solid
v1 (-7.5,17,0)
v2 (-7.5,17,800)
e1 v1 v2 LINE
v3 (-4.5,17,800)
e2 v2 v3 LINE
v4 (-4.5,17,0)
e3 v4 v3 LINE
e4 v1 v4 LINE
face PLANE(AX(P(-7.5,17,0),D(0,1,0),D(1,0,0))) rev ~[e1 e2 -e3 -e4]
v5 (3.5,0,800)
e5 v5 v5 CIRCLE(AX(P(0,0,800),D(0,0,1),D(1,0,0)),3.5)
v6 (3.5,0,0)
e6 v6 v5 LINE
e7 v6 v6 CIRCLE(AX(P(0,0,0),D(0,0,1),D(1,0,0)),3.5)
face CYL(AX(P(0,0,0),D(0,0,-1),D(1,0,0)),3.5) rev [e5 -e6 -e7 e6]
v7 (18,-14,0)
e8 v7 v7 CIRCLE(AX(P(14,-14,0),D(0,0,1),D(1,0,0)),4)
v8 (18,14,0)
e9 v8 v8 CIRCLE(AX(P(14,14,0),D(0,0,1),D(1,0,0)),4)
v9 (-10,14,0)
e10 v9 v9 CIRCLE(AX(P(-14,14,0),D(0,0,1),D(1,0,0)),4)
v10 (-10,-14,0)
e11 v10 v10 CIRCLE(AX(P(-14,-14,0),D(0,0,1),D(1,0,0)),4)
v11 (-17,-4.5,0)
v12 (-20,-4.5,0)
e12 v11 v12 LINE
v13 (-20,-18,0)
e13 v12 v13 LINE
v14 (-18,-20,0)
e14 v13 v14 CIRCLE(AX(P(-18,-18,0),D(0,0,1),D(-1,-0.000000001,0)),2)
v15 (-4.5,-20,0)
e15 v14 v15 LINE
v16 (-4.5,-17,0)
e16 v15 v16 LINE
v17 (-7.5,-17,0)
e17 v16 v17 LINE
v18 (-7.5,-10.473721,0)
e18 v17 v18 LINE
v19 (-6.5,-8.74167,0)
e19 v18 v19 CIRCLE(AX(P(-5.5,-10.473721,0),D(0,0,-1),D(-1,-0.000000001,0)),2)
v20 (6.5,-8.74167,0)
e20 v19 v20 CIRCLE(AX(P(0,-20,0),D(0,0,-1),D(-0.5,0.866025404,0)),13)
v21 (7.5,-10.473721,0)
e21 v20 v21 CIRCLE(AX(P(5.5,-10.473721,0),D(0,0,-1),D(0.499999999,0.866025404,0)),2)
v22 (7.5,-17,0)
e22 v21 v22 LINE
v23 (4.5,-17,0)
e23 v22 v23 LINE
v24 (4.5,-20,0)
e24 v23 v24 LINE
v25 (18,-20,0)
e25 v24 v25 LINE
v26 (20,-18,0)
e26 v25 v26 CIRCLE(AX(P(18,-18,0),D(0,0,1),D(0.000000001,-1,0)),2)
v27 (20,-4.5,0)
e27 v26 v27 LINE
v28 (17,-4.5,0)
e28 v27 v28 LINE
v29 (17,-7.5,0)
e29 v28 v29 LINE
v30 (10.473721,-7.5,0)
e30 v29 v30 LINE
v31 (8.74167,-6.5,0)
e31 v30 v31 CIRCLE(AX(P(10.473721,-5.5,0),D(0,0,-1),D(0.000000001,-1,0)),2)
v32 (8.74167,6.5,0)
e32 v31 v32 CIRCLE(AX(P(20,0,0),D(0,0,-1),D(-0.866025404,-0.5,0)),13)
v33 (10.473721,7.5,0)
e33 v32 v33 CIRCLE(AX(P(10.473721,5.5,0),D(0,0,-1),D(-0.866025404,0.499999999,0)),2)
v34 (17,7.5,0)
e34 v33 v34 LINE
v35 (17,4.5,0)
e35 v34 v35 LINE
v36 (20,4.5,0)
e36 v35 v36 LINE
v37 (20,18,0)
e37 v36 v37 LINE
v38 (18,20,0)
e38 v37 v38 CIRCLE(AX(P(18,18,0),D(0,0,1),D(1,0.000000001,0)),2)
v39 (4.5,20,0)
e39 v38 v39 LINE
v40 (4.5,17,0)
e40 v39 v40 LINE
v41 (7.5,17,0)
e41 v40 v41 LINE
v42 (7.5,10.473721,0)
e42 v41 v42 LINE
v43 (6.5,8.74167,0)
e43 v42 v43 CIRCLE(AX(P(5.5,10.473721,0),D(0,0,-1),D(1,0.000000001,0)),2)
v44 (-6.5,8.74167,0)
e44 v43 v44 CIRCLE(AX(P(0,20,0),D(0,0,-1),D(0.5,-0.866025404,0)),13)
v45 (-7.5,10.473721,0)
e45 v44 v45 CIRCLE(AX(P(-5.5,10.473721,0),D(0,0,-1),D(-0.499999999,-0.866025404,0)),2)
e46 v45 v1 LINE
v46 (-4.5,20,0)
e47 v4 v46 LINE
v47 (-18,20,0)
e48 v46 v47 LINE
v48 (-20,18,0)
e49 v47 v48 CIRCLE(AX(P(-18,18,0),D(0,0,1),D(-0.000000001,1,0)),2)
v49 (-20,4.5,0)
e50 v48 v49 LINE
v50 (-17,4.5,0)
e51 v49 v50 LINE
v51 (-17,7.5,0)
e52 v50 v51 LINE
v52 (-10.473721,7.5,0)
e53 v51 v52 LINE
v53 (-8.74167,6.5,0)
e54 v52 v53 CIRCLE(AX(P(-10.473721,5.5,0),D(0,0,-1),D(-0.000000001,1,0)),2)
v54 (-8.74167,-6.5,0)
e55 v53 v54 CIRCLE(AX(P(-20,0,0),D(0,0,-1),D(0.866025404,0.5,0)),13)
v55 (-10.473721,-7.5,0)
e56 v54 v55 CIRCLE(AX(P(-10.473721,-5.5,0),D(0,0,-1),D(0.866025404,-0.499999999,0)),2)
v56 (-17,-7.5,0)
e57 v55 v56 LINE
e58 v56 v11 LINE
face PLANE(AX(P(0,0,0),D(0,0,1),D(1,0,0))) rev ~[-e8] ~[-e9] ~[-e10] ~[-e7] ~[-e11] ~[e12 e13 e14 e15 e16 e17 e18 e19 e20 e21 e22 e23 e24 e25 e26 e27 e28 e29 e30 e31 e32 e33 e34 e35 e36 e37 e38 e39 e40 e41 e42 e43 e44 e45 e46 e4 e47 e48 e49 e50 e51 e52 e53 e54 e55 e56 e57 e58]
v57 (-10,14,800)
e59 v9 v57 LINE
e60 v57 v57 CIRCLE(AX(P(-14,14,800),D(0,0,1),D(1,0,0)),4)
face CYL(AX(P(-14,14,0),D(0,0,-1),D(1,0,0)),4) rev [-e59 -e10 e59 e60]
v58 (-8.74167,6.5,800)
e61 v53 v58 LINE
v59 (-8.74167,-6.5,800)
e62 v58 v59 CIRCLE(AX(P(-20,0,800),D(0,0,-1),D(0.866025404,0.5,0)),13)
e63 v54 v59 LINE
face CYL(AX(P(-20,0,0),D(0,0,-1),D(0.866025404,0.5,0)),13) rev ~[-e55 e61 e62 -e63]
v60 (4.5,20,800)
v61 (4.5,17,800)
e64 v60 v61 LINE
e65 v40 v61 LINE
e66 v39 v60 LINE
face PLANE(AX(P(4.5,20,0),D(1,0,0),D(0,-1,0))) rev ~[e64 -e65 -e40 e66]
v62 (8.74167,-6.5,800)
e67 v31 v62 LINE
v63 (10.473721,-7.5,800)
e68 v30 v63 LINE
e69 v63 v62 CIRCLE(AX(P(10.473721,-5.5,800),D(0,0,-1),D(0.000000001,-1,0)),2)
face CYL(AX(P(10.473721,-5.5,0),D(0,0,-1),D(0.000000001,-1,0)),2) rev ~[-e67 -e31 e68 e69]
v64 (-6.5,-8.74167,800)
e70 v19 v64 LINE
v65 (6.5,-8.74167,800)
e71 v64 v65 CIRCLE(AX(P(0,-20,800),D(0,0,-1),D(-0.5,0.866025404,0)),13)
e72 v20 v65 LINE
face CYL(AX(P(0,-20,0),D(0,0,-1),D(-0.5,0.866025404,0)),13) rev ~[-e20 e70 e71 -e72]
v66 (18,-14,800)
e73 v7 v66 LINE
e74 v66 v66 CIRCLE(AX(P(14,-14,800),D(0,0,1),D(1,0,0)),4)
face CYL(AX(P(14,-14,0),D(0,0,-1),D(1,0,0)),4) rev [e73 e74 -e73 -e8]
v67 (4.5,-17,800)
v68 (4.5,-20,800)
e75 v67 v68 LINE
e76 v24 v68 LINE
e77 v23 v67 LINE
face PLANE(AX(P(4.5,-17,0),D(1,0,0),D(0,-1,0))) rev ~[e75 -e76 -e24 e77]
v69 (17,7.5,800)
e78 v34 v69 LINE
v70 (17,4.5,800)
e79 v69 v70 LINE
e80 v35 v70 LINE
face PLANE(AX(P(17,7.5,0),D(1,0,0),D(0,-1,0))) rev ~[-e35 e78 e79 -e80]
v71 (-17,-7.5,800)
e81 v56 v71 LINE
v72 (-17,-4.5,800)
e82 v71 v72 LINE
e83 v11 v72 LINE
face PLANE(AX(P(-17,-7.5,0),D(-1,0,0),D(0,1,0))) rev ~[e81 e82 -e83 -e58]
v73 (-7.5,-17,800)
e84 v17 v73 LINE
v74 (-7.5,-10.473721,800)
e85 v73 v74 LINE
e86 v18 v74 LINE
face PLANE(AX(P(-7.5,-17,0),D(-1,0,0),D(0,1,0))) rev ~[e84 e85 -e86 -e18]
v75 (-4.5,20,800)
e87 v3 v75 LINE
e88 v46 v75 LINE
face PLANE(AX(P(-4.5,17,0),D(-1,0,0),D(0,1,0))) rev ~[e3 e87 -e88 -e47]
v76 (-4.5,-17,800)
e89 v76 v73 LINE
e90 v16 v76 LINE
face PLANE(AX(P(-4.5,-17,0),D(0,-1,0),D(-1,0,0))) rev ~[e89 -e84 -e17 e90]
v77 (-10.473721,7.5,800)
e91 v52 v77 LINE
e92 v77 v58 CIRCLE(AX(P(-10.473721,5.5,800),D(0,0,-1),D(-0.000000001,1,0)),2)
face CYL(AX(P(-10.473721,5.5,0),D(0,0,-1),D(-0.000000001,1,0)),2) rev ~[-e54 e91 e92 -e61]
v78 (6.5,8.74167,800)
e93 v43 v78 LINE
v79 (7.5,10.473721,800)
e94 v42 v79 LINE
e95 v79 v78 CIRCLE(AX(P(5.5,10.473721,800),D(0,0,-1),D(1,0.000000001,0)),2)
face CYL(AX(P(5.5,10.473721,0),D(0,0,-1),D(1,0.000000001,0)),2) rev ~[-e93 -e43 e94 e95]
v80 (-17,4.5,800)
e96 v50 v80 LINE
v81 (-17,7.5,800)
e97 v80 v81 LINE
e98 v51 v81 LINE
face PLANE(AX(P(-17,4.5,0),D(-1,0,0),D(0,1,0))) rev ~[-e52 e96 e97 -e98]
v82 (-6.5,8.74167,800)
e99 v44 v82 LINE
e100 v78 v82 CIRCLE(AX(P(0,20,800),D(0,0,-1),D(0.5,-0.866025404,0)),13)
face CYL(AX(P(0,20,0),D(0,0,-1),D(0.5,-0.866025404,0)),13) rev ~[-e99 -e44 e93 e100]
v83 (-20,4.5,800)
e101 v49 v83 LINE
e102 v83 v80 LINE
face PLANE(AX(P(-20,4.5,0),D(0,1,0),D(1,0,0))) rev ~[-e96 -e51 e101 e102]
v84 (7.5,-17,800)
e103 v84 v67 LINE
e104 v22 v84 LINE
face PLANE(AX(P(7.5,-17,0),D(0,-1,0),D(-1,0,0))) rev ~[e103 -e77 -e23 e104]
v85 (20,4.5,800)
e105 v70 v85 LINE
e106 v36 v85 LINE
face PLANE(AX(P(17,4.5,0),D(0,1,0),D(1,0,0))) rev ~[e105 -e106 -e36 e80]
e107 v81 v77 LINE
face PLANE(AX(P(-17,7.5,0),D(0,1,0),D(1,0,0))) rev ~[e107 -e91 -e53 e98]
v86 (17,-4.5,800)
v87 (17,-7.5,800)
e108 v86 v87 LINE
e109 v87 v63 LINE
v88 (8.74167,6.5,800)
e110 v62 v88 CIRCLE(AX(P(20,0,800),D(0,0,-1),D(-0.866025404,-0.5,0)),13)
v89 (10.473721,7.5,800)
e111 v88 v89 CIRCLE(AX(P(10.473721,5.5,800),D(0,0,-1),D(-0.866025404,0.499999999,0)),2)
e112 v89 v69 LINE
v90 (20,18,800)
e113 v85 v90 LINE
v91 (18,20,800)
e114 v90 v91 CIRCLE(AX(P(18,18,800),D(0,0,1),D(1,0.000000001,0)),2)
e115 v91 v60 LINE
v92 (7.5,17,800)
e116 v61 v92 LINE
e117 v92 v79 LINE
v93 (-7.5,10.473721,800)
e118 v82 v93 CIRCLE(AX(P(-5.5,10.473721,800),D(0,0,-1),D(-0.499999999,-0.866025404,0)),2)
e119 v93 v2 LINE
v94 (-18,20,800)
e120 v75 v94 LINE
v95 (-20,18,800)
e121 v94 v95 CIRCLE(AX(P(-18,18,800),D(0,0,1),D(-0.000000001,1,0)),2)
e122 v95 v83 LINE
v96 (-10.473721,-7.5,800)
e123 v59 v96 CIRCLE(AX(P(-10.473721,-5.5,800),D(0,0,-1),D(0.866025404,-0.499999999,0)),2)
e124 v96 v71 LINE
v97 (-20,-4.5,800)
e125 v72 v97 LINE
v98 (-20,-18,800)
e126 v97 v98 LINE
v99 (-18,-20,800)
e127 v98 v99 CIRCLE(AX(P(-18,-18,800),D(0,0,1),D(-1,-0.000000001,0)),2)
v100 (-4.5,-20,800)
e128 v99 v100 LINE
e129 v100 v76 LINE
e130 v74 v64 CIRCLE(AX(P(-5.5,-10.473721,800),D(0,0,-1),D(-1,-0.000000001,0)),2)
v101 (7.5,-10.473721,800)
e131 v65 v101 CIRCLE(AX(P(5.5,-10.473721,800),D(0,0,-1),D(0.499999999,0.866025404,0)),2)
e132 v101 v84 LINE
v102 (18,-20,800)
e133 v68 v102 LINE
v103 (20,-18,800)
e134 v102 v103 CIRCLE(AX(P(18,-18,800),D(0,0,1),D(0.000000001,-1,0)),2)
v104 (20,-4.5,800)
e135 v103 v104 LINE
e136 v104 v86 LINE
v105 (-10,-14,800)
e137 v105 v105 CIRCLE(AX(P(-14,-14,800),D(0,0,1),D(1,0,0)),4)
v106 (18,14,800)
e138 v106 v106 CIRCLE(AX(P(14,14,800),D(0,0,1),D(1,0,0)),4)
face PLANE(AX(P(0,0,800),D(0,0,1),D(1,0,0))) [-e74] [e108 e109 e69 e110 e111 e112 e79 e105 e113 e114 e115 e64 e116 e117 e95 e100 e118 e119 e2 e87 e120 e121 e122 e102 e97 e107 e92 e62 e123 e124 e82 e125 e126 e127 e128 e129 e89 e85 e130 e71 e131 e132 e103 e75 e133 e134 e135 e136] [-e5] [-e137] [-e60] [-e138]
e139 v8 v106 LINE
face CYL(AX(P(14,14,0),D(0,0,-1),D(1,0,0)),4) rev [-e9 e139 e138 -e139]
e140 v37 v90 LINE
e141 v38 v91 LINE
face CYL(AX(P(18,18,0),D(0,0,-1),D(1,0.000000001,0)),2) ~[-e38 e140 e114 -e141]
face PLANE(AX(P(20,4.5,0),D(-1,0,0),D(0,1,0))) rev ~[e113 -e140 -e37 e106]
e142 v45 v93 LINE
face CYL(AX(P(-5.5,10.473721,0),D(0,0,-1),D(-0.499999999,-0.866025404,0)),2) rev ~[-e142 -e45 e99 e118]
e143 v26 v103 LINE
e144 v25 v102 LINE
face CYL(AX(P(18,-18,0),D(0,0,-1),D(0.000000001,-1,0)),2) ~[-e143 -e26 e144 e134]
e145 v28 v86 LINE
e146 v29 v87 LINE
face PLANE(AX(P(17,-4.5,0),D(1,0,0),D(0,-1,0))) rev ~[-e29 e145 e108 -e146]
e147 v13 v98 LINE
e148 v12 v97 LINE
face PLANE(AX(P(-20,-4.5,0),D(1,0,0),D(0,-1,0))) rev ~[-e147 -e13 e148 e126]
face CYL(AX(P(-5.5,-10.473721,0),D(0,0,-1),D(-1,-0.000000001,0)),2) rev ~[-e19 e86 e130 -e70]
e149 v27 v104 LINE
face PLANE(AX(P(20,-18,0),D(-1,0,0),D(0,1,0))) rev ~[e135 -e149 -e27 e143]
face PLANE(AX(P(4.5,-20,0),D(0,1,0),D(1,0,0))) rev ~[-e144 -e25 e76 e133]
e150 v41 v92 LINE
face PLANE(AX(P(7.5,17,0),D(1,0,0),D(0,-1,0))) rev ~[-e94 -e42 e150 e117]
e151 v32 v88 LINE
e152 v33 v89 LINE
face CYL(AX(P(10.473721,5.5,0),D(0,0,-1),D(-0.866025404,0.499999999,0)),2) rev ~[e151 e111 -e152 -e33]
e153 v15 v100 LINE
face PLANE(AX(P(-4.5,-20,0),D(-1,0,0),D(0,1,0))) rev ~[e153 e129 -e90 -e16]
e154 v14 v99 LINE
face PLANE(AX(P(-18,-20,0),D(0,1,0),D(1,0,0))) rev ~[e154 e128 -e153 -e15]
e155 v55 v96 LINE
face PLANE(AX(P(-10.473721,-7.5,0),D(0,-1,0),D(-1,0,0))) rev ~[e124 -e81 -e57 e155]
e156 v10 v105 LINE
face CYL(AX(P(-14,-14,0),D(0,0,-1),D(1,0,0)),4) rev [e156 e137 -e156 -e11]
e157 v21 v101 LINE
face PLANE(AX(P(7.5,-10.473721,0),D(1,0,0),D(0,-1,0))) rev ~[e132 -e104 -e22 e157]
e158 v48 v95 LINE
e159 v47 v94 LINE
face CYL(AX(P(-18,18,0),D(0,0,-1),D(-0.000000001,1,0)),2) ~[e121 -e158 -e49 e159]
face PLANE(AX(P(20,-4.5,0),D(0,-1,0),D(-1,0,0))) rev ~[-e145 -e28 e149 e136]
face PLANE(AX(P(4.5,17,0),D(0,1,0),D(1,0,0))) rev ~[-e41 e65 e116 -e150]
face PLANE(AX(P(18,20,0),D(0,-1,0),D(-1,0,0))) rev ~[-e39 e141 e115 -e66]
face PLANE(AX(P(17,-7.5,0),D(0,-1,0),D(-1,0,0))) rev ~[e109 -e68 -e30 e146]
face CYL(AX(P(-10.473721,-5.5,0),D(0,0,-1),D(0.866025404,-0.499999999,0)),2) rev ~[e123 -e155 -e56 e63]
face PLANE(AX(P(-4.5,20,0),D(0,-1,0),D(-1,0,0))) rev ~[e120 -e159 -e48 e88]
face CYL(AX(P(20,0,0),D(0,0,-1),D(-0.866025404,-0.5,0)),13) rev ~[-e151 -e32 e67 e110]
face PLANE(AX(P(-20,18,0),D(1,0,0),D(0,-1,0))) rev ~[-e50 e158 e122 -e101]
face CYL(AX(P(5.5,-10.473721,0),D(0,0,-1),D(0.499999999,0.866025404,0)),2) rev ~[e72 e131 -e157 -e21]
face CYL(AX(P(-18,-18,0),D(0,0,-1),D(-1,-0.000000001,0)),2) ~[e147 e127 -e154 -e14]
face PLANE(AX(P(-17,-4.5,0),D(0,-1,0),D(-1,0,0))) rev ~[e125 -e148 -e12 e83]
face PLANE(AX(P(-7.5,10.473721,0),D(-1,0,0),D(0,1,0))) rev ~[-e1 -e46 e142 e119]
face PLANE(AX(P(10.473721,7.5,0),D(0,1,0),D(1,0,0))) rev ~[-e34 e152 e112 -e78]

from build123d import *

# Parameters (mm, degrees)
SKETCH1_R           = 4
SKETCH1_R_2         = 3.5
BOSS_EXTRUDE1_DEPTH = 800


with BuildPart() as part:
    # Sketch1 → Boss-Extrude1 (new body)
    with BuildSketch(Plane.XY):
        with BuildLine():
            Line((-20, 18), (-20, 4.5))
            Line((-20, 4.5), (-17, 4.5))
            Line((-17, 4.5), (-17, 7.5))
            Line((-17, 7.5), (-10.473720558, 7.5))
            ThreePointArc((-10.473720558, 7.5), (-9.473720558, 7.232050808), (-8.741669751, 6.5))
            ThreePointArc((-8.741669751, 6.5), (-7, 0), (-8.741669751, -6.5))
            ThreePointArc((-8.741669751, -6.5), (-9.473720558, -7.232050808), (-10.473720558, -7.5))
            Line((-10.473720558, -7.5), (-17, -7.5))
            Line((-17, -7.5), (-17, -4.5))
            Line((-17, -4.5), (-20, -4.5))
            Line((-20, -4.5), (-20, -18))
            ThreePointArc((-20, -18), (-19.414213562, -19.414213562), (-18, -20))
            Line((-18, -20), (-4.5, -20))
            Line((-4.5, -20), (-4.5, -17))
            Line((-4.5, -17), (-7.5, -17))
            Line((-7.5, -17), (-7.5, -10.473720558))
            ThreePointArc((-7.5, -10.473720558), (-7.232050808, -9.473720558), (-6.5, -8.741669751))
            ThreePointArc((-6.5, -8.741669751), (0, -7), (6.5, -8.741669751))
            ThreePointArc((6.5, -8.741669751), (7.232050808, -9.473720558), (7.5, -10.473720558))
            Line((7.5, -10.473720558), (7.5, -17))
            Line((7.5, -17), (4.5, -17))
            Line((4.5, -17), (4.5, -20))
            Line((4.5, -20), (18, -20))
            ThreePointArc((18, -20), (19.414213562, -19.414213562), (20, -18))
            Line((20, -18), (20, -4.5))
            Line((20, -4.5), (17, -4.5))
            Line((17, -4.5), (17, -7.5))
            Line((17, -7.5), (10.473720558, -7.5))
            ThreePointArc((10.473720558, -7.5), (9.473720558, -7.232050808), (8.741669751, -6.5))
            ThreePointArc((8.741669751, -6.5), (7, 0), (8.741669751, 6.5))
            ThreePointArc((8.741669751, 6.5), (9.473720558, 7.232050808), (10.473720558, 7.5))
            Line((10.473720558, 7.5), (17, 7.5))
            Line((17, 7.5), (17, 4.5))
            Line((17, 4.5), (20, 4.5))
            Line((20, 4.5), (20, 18))
            ThreePointArc((20, 18), (19.414213562, 19.414213562), (18, 20))
            Line((18, 20), (4.5, 20))
            Line((4.5, 20), (4.5, 17))
            Line((4.5, 17), (7.5, 17))
            Line((7.5, 17), (7.5, 10.473720558))
            ThreePointArc((7.5, 10.473720558), (7.232050808, 9.473720558), (6.5, 8.741669751))
            ThreePointArc((6.5, 8.741669751), (0, 7), (-6.5, 8.741669751))
            ThreePointArc((-6.5, 8.741669751), (-7.232050808, 9.473720558), (-7.5, 10.473720558))
            Line((-7.5, 10.473720558), (-7.5, 17))
            Line((-7.5, 17), (-4.5, 17))
            Line((-4.5, 17), (-4.5, 20))
            Line((-4.5, 20), (-18, 20))
            ThreePointArc((-18, 20), (-19.414213562, 19.414213562), (-20, 18))
        make_face()
        with Locations((-14, -14)):
            Circle(SKETCH1_R, mode=Mode.SUBTRACT)
        with Locations((14, -14)):
            Circle(SKETCH1_R, mode=Mode.SUBTRACT)
        with Locations((14, 14)):
            Circle(SKETCH1_R, mode=Mode.SUBTRACT)
        Circle(SKETCH1_R_2, mode=Mode.SUBTRACT)
        with Locations((-14, 14)):
            Circle(SKETCH1_R, mode=Mode.SUBTRACT)
    extrude(amount=BOSS_EXTRUDE1_DEPTH)


solid = part.part
